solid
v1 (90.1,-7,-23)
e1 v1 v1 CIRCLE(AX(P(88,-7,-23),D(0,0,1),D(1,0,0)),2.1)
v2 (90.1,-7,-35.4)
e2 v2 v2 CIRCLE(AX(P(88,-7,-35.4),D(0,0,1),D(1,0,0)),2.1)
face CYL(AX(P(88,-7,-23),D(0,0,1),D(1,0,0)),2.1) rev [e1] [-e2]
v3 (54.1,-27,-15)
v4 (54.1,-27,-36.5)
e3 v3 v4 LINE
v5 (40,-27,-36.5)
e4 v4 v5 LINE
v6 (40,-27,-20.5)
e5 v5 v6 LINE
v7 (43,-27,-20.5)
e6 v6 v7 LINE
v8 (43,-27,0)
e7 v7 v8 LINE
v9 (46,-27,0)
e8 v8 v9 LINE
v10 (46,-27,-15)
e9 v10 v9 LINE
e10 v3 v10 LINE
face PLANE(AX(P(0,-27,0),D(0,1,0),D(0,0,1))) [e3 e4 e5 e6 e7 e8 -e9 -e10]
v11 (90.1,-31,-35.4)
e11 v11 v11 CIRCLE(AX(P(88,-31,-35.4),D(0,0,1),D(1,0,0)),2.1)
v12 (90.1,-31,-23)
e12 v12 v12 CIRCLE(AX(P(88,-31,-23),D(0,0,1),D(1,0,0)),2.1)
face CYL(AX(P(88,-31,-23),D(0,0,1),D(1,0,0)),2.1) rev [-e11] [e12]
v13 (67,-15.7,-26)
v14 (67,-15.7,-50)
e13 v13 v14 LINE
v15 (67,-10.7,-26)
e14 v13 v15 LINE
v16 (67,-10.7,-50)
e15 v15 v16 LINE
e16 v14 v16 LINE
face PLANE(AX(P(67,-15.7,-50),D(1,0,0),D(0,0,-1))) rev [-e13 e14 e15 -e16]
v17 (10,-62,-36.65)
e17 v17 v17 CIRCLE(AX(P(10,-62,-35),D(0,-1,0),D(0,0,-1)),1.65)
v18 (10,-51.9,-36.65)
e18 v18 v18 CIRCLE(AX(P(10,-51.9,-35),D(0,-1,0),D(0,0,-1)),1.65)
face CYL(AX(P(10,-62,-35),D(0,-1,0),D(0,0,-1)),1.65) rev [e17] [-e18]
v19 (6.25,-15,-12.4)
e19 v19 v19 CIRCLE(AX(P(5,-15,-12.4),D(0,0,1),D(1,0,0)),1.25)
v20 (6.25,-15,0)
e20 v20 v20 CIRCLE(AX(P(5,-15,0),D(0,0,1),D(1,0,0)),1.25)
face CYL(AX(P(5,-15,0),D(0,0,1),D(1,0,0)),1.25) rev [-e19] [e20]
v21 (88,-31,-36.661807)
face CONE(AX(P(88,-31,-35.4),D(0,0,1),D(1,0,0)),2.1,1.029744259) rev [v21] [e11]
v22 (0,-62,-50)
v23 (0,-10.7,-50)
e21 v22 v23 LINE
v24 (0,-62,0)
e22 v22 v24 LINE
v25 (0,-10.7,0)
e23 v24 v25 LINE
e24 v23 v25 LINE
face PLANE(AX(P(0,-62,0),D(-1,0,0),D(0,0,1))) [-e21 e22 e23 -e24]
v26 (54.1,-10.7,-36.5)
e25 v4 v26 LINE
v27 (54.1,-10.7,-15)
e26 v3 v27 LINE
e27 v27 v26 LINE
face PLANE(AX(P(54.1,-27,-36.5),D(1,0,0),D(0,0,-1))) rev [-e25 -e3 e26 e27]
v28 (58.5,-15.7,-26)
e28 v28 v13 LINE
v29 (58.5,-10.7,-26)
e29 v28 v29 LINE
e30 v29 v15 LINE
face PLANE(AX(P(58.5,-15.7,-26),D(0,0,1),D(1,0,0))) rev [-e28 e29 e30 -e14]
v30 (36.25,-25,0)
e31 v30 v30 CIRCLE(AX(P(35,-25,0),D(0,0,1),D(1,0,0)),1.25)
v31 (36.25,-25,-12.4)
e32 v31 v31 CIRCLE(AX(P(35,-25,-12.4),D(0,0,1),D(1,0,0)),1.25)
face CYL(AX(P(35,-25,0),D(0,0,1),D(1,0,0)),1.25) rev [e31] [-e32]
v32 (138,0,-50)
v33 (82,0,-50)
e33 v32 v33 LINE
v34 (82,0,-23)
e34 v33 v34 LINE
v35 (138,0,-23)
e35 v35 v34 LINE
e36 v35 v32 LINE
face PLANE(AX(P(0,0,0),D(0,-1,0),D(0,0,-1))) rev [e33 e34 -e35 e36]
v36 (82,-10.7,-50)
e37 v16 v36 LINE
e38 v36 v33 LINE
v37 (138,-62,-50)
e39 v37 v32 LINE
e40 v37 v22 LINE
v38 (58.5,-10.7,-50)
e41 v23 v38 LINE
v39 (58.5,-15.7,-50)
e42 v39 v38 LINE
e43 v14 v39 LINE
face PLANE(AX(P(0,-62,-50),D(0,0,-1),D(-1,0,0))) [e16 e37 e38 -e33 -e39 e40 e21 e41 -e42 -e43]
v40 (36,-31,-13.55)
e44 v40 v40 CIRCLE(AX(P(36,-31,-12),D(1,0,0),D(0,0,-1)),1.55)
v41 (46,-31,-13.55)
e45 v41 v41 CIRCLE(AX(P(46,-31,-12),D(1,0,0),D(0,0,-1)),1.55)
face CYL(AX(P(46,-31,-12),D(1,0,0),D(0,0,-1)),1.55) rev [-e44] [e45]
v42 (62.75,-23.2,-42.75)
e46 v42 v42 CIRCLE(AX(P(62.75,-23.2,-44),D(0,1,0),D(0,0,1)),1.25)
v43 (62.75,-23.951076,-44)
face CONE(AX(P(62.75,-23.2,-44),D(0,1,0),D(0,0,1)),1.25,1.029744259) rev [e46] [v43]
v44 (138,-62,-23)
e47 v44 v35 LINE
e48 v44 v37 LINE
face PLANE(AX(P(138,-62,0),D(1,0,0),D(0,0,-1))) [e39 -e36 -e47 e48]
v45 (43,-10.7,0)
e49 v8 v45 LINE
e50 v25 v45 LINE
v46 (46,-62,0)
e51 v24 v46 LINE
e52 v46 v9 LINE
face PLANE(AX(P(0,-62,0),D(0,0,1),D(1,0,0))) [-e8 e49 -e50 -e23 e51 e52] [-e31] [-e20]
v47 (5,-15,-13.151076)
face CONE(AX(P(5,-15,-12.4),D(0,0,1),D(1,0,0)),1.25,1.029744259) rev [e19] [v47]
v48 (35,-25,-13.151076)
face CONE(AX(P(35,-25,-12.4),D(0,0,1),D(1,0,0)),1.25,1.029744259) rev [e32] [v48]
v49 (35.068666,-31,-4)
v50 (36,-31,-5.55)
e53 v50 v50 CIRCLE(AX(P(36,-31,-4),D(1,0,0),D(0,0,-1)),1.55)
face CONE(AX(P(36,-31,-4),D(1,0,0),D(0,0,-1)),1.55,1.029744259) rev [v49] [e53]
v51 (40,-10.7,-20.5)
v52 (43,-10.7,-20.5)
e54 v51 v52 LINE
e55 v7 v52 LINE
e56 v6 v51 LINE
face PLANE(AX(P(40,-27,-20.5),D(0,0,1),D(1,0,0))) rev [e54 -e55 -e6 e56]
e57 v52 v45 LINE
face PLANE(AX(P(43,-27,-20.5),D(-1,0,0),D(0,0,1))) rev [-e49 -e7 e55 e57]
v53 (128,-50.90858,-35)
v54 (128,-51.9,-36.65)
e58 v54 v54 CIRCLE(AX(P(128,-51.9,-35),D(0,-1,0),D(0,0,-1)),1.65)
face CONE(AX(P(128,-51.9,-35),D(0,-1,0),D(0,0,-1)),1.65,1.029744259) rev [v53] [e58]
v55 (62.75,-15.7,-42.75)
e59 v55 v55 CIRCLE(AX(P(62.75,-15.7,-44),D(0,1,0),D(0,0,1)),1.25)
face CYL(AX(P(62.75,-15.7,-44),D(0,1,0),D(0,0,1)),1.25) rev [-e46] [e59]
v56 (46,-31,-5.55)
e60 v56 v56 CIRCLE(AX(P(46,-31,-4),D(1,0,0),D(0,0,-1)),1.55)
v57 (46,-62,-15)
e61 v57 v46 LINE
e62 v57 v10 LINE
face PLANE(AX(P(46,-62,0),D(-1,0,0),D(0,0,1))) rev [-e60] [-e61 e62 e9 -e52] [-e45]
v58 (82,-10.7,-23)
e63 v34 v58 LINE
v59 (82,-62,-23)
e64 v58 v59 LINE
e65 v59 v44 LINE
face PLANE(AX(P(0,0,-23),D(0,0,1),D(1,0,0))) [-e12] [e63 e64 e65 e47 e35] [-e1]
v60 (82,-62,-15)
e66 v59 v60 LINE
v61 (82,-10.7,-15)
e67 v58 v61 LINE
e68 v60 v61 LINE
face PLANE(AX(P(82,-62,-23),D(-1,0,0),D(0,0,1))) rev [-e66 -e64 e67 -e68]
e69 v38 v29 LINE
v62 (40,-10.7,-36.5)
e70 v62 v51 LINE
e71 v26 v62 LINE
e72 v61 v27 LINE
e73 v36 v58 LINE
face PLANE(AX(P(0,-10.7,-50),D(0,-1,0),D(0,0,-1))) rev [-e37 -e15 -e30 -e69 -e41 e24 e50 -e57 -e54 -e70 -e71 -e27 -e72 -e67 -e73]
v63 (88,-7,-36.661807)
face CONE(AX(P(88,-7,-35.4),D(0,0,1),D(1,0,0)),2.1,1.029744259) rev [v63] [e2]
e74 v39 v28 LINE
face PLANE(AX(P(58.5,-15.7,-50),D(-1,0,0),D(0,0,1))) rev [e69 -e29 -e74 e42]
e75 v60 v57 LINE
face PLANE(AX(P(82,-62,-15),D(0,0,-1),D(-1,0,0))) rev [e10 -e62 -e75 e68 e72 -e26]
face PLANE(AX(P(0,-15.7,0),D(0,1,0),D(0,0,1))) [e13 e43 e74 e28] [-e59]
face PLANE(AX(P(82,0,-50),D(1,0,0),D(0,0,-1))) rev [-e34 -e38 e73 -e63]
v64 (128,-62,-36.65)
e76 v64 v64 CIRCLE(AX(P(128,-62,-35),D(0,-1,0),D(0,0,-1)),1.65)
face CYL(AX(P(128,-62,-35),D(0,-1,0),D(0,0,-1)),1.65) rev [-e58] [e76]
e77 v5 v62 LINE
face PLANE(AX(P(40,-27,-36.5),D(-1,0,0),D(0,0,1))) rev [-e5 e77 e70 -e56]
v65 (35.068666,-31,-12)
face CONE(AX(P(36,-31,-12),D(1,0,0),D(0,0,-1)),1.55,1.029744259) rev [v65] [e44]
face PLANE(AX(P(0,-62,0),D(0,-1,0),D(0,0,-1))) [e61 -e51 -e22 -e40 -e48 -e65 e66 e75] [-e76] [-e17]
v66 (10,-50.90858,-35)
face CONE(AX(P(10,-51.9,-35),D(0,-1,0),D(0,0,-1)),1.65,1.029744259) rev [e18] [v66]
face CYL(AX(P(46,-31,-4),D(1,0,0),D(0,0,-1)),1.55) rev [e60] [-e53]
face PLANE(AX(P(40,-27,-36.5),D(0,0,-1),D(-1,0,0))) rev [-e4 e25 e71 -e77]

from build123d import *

# Parameters (mm, degrees)
SKETCH1_W                      = 138
SKETCH1_H                      = 50
BOSS_EXTRUDE1_DEPTH            = 62
SKETCH2_W                      = 82
SKETCH2_H                      = 8
CUT_EXTRUDE1_DEPTH             = 160.336122709
SKETCH3_W                      = 56
SKETCH3_H                      = 62
CUT_EXTRUDE2_DEPTH             = 23
CUT_EXTRUDE3_DEPTH             = 19
SKETCH5_W                      = 36
SKETCH5_H                      = 15
CUT_EXTRUDE4_DEPTH             = 157.396930916
M3X0_5_TAPPED_HOLE1_D          = 2.5
M3X0_5_TAPPED_HOLE1_DEPTH      = 12.4
M3X0_5_TAPPED_HOLE1_TIP        = 0.751075774
M4X0_7_TAPPED_HOLE1_D          = 3.3
M4X0_7_TAPPED_HOLE1_DEPTH      = 10.1
M4X0_7_TAPPED_HOLE1_TIP        = 0.991420021
F_3_1_3_1_DIAMETER_HOLE1_D     = 3.1
F_3_1_3_1_DIAMETER_HOLE1_DEPTH = 10
F_3_1_3_1_DIAMETER_HOLE1_TIP   = 0.931333959
SKETCH15_W                     = 82
SKETCH15_H                     = 2.7
CUT_EXTRUDE6_DEPTH             = 160.336122709
SKETCH16_W                     = 8.5
SKETCH16_H                     = 24
CUT_EXTRUDE7_DEPTH             = 5
M3X0_5_TAPPED_HOLE2_D          = 2.5
M3X0_5_TAPPED_HOLE2_DEPTH      = 7.5
M3X0_5_TAPPED_HOLE2_TIP        = 0.751075774
M5X0_8_TAPPED_HOLE1_D          = 4.2
M5X0_8_TAPPED_HOLE1_DEPTH      = 12.4
M5X0_8_TAPPED_HOLE1_TIP        = 1.2618073


with BuildPart() as part:
    # Sketch1 → Boss-Extrude1 (new body)
    with BuildSketch(Plane(origin=(0, 0, 0), x_dir=(1, 0, 0), z_dir=(0, 1, 0))):
        with Locations((69, 25)):
            Rectangle(SKETCH1_W, SKETCH1_H)
    extrude(amount=-BOSS_EXTRUDE1_DEPTH)

    # Sketch2 → Cut-Extrude1 (cut, through all)
    with BuildSketch(Plane.XY):
        with Locations((41, -4)):
            Rectangle(SKETCH2_W, SKETCH2_H)
    extrude(amount=-CUT_EXTRUDE1_DEPTH, mode=Mode.SUBTRACT)

    # Sketch3 → Cut-Extrude2 (cut)
    with BuildSketch(Plane.XY):
        with Locations((110, -31)):
            Rectangle(SKETCH3_W, SKETCH3_H)
    extrude(amount=-CUT_EXTRUDE2_DEPTH, mode=Mode.SUBTRACT)

    # Sketch4 → Cut-Extrude3 (cut)
    with BuildSketch(Plane(origin=(0, -8, 0), x_dir=(1, 0, 0), z_dir=(0, 1, 0))):
        Polygon((40, 36.5), (54.1, 36.5), (54.1, 0), (43, 0), (43, 20.5), (40, 20.5), align=None)
    extrude(amount=-CUT_EXTRUDE3_DEPTH, mode=Mode.SUBTRACT)

    # Sketch5 → Cut-Extrude4 (cut, through all)
    with BuildSketch(Plane(origin=(0, -8, 0), x_dir=(1, 0, 0), z_dir=(0, 1, 0))):
        with Locations((64, 7.5)):
            Rectangle(SKETCH5_W, SKETCH5_H)
    extrude(amount=-CUT_EXTRUDE4_DEPTH, mode=Mode.SUBTRACT)

    # M3x0.5 Tapped Hole1
    with Locations(Plane.XY):
        with Locations((5, -15), (35, -25)):
            Hole(M3X0_5_TAPPED_HOLE1_D / 2, depth=M3X0_5_TAPPED_HOLE1_DEPTH)
            with Locations((0, 0, -(M3X0_5_TAPPED_HOLE1_DEPTH + M3X0_5_TAPPED_HOLE1_TIP / 2))):  # 118° drill point
                Cone(0, M3X0_5_TAPPED_HOLE1_D / 2, M3X0_5_TAPPED_HOLE1_TIP, mode=Mode.SUBTRACT)

    # M4x0.7 Tapped Hole1
    with Locations(Plane(origin=(0, -62, 0), x_dir=(-1, 0, 0), z_dir=(0, -1, 0))):
        with Locations((-128, 35), (-10, 35)):
            Hole(M4X0_7_TAPPED_HOLE1_D / 2, depth=M4X0_7_TAPPED_HOLE1_DEPTH)
            with Locations((0, 0, -(M4X0_7_TAPPED_HOLE1_DEPTH + M4X0_7_TAPPED_HOLE1_TIP / 2))):  # 118° drill point
                Cone(0, M4X0_7_TAPPED_HOLE1_D / 2, M4X0_7_TAPPED_HOLE1_TIP, mode=Mode.SUBTRACT)

    # Ø3.1 (3.1) Diameter Hole1
    with Locations(Plane(origin=(46, 0, 0), x_dir=(0, 0, -1), z_dir=(1, 0, 0))):
        with Locations((4, -31), (12, -31)):
            Hole(F_3_1_3_1_DIAMETER_HOLE1_D / 2, depth=F_3_1_3_1_DIAMETER_HOLE1_DEPTH)
            with Locations((0, 0, -(F_3_1_3_1_DIAMETER_HOLE1_DEPTH + F_3_1_3_1_DIAMETER_HOLE1_TIP / 2))):  # 118° drill point
                Cone(0, F_3_1_3_1_DIAMETER_HOLE1_D / 2, F_3_1_3_1_DIAMETER_HOLE1_TIP, mode=Mode.SUBTRACT)

    # Sketch15 → Cut-Extrude6 (cut, through all)
    with BuildSketch(Plane.XY):
        with Locations((41, -9.35)):
            Rectangle(SKETCH15_W, SKETCH15_H)
    extrude(amount=-CUT_EXTRUDE6_DEPTH, mode=Mode.SUBTRACT)

    # Sketch16 → Cut-Extrude7 (cut)
    with BuildSketch(Plane(origin=(0, -10.7, 0), x_dir=(1, 0, 0), z_dir=(0, 1, 0))):
        with Locations((62.75, 38)):
            Rectangle(SKETCH16_W, SKETCH16_H)
    extrude(amount=-CUT_EXTRUDE7_DEPTH, mode=Mode.SUBTRACT)

    # M3x0.5 Tapped Hole2
    with Locations(Plane(origin=(0, -15.7, 0), x_dir=(1, 0, 0), z_dir=(0, 1, 0))):
        with Locations((62.75, 44)):
            Hole(M3X0_5_TAPPED_HOLE2_D / 2, depth=M3X0_5_TAPPED_HOLE2_DEPTH)
            with Locations((0, 0, -(M3X0_5_TAPPED_HOLE2_DEPTH + M3X0_5_TAPPED_HOLE2_TIP / 2))):  # 118° drill point
                Cone(0, M3X0_5_TAPPED_HOLE2_D / 2, M3X0_5_TAPPED_HOLE2_TIP, mode=Mode.SUBTRACT)

    # M5x0.8 Tapped Hole1
    with Locations(Plane.XY.offset(-23)):
        with Locations((88, -7), (88, -31)):
            Hole(M5X0_8_TAPPED_HOLE1_D / 2, depth=M5X0_8_TAPPED_HOLE1_DEPTH)
            with Locations((0, 0, -(M5X0_8_TAPPED_HOLE1_DEPTH + M5X0_8_TAPPED_HOLE1_TIP / 2))):  # 118° drill point
                Cone(0, M5X0_8_TAPPED_HOLE1_D / 2, M5X0_8_TAPPED_HOLE1_TIP, mode=Mode.SUBTRACT)


solid = part.part
